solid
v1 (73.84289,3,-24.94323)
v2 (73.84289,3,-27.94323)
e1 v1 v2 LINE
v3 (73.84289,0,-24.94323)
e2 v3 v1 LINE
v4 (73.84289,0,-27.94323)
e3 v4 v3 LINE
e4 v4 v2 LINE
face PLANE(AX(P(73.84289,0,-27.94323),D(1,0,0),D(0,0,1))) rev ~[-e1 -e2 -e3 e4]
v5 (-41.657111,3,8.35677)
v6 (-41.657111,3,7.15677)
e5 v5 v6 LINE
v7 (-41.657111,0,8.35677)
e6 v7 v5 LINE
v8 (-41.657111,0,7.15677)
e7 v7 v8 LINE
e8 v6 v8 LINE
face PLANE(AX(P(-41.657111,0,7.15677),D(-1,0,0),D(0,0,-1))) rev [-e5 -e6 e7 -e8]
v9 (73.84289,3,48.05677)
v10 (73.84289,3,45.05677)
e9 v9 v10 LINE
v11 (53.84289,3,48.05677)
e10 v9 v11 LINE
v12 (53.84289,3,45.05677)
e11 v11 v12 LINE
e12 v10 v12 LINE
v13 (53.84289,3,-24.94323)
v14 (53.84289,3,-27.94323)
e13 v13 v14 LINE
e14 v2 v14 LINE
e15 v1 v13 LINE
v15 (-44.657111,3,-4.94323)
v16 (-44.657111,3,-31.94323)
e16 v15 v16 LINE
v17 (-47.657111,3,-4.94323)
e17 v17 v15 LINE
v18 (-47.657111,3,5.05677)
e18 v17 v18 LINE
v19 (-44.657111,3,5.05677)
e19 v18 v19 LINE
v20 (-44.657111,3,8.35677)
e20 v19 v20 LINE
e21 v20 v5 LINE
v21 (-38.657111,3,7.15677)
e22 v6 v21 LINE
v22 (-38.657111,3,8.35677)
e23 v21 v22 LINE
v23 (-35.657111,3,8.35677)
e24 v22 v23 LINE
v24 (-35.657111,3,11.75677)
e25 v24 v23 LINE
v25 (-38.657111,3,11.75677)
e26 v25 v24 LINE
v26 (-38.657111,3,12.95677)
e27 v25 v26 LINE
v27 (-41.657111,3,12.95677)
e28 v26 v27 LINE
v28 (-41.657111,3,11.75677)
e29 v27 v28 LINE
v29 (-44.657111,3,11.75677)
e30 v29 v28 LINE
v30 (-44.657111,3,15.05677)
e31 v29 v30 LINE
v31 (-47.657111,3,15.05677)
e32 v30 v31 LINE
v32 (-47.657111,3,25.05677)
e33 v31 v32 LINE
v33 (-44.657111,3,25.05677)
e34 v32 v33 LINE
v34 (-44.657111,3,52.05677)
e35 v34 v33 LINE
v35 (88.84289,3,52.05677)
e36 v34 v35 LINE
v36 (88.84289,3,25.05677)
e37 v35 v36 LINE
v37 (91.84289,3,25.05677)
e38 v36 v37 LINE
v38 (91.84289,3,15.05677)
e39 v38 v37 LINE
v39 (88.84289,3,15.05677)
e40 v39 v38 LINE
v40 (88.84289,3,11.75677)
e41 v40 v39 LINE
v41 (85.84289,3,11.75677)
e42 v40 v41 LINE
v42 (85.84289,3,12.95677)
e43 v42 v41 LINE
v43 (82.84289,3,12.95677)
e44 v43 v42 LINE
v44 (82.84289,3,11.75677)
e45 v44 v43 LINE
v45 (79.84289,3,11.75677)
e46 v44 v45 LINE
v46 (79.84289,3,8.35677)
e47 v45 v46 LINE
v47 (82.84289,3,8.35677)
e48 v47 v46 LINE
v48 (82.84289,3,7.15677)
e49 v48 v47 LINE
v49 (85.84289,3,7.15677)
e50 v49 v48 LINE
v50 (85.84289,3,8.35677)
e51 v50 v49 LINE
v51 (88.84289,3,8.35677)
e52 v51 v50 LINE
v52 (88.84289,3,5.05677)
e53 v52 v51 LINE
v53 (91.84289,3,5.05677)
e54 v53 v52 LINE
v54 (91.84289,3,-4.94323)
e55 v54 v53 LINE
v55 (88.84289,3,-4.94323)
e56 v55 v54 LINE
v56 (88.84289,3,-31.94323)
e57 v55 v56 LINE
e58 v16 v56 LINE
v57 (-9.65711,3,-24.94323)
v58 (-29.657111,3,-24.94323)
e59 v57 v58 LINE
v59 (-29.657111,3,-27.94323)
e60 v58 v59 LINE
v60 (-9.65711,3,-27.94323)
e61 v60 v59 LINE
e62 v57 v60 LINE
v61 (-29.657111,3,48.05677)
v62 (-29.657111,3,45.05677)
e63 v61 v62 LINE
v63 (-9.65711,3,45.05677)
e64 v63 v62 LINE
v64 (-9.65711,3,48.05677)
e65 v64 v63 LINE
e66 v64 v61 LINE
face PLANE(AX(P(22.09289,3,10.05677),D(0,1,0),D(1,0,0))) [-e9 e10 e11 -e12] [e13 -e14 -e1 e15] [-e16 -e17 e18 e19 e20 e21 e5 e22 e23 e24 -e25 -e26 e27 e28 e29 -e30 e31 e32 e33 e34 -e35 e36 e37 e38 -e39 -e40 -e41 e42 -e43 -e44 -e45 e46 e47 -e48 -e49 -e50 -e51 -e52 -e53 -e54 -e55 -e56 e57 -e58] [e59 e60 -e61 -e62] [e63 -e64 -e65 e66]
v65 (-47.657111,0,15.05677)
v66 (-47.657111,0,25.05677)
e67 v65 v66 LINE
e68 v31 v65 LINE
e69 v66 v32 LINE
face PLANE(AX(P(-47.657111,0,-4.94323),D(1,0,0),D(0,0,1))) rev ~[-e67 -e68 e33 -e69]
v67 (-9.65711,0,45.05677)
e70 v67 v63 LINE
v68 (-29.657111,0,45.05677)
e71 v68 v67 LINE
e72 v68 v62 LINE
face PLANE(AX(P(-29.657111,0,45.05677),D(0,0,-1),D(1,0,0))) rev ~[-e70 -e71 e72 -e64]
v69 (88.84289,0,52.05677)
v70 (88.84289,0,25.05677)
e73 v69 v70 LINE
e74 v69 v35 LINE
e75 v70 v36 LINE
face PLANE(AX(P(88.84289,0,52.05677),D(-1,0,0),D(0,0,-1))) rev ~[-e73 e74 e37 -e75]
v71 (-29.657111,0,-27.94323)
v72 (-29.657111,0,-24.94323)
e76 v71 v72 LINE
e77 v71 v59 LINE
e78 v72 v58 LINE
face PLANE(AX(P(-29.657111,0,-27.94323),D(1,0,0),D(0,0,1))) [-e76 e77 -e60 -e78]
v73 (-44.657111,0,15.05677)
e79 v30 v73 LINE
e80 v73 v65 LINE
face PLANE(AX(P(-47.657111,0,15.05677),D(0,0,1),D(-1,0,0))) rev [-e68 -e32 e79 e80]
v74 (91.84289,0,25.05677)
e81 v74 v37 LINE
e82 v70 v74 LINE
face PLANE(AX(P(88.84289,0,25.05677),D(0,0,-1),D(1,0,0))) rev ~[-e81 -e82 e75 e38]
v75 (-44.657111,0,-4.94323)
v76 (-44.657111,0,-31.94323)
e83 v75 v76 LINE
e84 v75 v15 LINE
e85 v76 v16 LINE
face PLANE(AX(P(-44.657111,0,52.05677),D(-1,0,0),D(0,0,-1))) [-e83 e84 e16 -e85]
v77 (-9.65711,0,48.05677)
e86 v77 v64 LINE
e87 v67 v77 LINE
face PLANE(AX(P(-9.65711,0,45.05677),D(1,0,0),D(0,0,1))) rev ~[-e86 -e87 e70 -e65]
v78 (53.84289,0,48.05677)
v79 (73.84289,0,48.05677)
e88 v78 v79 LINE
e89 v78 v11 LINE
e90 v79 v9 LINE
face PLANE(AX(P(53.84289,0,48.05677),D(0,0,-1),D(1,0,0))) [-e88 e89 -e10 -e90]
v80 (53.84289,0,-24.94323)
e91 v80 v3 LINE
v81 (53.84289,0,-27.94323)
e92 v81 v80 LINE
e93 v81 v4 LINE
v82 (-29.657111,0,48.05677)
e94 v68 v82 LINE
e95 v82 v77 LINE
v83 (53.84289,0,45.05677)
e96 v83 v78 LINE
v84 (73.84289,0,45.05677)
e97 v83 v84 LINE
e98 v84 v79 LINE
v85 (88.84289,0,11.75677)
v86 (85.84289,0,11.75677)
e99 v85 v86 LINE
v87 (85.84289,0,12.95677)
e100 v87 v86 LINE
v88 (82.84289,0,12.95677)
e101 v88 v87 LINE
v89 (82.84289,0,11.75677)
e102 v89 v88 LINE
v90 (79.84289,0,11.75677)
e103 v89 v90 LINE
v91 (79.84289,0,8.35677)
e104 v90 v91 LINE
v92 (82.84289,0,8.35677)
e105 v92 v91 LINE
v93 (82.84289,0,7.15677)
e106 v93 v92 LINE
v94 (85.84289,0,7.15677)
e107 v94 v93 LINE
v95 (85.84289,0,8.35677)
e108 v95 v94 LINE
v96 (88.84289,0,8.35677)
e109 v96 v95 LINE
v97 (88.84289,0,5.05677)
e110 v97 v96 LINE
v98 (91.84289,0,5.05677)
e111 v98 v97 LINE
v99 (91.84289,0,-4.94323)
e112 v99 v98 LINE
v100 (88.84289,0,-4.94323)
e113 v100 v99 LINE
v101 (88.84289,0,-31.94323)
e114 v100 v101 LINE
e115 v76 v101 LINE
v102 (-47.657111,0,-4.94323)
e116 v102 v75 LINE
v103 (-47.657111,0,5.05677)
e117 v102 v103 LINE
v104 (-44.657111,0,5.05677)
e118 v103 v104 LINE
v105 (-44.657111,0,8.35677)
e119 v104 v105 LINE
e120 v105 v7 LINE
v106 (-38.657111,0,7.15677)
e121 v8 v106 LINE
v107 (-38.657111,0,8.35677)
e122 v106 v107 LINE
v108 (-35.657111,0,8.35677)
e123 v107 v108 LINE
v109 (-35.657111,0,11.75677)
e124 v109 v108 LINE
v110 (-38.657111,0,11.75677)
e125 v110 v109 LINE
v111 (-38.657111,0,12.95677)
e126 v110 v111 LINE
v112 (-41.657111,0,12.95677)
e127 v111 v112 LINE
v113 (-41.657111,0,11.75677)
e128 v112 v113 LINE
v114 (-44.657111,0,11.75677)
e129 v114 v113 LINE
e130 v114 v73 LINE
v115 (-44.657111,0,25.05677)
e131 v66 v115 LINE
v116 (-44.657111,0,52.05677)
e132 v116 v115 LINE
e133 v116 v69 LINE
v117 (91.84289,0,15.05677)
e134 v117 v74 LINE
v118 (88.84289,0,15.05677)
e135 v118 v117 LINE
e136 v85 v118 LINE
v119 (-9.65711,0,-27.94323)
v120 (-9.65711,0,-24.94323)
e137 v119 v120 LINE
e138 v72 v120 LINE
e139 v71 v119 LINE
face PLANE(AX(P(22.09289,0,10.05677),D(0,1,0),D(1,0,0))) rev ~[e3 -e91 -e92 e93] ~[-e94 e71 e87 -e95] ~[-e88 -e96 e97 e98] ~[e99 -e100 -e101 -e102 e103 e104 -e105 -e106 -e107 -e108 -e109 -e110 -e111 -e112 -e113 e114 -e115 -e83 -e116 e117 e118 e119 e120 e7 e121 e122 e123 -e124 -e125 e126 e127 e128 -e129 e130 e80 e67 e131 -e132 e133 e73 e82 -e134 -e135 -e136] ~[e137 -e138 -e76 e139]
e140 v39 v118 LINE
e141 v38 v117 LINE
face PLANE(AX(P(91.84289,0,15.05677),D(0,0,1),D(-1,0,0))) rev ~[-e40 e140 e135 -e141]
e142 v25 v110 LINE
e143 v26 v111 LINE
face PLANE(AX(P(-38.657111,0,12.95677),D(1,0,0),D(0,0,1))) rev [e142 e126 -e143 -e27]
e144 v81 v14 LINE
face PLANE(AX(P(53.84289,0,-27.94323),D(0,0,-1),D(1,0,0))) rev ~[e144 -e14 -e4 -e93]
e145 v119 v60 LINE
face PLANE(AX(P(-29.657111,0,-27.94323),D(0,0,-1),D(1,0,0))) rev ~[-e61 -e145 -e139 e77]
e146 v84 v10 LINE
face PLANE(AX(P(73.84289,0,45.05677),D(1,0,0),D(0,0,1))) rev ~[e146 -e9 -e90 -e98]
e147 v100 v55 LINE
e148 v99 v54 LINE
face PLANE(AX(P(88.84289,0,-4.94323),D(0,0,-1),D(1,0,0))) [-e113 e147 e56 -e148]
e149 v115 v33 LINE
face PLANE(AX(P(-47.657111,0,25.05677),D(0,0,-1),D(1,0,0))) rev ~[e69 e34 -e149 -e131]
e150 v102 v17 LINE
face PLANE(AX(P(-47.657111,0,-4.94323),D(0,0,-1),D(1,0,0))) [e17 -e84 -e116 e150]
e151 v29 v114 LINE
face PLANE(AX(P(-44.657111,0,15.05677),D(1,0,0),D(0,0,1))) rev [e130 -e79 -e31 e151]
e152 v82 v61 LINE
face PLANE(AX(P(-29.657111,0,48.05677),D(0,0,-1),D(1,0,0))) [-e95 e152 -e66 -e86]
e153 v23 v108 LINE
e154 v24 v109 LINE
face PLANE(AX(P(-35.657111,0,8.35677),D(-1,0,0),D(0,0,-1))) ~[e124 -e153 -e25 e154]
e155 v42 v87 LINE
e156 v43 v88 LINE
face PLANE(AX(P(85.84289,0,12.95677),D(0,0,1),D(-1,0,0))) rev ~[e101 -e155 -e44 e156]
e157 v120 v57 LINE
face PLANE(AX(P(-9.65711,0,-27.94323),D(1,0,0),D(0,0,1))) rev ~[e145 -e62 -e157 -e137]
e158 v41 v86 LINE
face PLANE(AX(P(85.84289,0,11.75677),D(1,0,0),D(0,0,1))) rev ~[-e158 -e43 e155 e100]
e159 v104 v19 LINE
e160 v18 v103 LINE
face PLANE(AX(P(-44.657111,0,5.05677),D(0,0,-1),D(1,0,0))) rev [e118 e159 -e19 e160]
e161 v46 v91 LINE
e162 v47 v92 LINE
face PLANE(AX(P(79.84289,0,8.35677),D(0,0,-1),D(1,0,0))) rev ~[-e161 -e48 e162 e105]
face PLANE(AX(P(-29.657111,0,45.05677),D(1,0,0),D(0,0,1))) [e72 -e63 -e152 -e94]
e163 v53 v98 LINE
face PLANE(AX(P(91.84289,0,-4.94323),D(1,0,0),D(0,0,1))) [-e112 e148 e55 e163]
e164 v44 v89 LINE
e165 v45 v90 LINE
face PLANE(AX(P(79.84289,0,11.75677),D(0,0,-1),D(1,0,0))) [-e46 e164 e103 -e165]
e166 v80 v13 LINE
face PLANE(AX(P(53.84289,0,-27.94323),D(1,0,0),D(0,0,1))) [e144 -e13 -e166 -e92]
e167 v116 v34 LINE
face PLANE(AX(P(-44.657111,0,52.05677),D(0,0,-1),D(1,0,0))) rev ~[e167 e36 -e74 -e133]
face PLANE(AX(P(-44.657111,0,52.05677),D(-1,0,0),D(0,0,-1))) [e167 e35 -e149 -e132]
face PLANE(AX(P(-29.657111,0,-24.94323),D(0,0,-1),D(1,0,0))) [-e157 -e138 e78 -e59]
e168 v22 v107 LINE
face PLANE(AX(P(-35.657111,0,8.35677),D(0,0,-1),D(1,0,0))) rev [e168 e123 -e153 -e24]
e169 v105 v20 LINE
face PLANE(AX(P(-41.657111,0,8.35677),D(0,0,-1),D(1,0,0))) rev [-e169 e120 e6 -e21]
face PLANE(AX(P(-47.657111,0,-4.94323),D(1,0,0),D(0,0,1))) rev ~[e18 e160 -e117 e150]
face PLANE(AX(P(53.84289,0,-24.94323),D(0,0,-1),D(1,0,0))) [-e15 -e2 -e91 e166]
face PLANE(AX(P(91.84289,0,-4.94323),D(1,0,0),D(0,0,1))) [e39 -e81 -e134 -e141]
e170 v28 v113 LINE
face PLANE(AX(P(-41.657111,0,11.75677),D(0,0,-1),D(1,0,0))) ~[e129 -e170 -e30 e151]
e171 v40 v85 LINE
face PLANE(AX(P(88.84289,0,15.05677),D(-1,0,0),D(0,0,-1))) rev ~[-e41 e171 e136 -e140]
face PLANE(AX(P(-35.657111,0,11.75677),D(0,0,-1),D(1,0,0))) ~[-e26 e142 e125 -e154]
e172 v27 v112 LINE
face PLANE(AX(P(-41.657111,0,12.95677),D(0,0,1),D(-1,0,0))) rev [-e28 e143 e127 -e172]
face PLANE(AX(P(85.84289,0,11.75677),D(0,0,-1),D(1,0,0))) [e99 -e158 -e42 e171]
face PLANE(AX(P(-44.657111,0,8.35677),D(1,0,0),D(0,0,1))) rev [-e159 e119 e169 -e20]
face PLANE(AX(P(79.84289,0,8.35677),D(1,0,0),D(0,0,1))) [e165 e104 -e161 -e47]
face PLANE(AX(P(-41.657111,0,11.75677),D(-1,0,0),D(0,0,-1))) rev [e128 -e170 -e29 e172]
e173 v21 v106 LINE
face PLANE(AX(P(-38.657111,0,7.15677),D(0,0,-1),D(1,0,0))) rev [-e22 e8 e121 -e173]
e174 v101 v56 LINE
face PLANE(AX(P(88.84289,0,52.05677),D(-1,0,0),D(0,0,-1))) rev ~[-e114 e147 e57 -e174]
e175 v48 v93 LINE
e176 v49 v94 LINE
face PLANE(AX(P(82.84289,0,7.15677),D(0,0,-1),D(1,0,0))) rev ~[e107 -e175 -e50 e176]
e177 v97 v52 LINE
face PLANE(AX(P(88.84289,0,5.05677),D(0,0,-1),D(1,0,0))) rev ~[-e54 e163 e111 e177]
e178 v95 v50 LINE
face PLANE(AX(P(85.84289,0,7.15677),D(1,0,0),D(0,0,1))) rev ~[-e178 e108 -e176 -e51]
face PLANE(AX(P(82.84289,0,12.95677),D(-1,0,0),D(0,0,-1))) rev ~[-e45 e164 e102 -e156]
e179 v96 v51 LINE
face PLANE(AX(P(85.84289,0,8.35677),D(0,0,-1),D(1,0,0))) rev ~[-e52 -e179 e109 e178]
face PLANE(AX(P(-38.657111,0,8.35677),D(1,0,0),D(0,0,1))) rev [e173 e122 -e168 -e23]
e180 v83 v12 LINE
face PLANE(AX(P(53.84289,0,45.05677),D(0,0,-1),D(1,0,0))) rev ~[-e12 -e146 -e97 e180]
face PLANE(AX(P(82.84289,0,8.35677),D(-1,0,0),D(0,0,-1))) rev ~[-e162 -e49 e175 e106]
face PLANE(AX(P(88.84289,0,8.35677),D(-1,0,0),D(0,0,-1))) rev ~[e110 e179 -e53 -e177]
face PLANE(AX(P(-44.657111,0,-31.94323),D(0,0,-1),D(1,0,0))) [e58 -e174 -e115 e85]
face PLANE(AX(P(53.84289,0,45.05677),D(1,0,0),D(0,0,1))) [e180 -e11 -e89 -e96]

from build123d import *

# Parameters (mm, degrees)
SKETCH1_W           = 133.500000388
SKETCH1_H           = 84
BOSS_EXTRUDE1_DEPTH = 3
SKETCH2_W           = 20
SKETCH2_H           = 3
CUT_EXTRUDE1_DEPTH  = 104.014399147
SKETCH3_W           = 3
SKETCH3_H           = 30
BOSS_EXTRUDE2_DEPTH = 3
SKETCH4_W           = 3
SKETCH4_H           = 3.4
CUT_EXTRUDE2_DEPTH  = 106.612611798


with BuildPart() as part:
    # Sketch1 → Boss-Extrude1 (new body)
    with BuildSketch(Plane(origin=(0, 0, 0), x_dir=(1, 0, 0), z_dir=(0, 1, 0))):
        with Locations((22.092889694, -10.056770433)):
            Rectangle(SKETCH1_W, SKETCH1_H)
    extrude(amount=BOSS_EXTRUDE1_DEPTH)

    # Sketch2 → Cut-Extrude1 (cut, through all)
    with BuildSketch(Plane.XZ):
        with Locations((63.842889888, 46.556770433)):
            Rectangle(SKETCH2_W, SKETCH2_H)
        with Locations((-19.6571105, 46.556770433)):
            Rectangle(SKETCH2_W, SKETCH2_H)
        with Locations((-19.6571105, -26.443229567)):
            Rectangle(SKETCH2_W, SKETCH2_H)
        with Locations((63.842889888, -26.443229567)):
            Rectangle(SKETCH2_W, SKETCH2_H)
    extrude(amount=-CUT_EXTRUDE1_DEPTH, mode=Mode.SUBTRACT)

    # Sketch3 → Boss-Extrude2 (add, through all)
    with BuildSketch(Plane.XZ):
        with Locations((90.342889888, 10.056770433)):
            Rectangle(SKETCH3_W, SKETCH3_H)
        with Locations((-46.1571105, 10.056770433)):
            Rectangle(SKETCH3_W, SKETCH3_H)
    extrude(amount=-BOSS_EXTRUDE2_DEPTH)

    # Sketch4 → Cut-Extrude2 (cut, symmetric)
    with BuildSketch(Plane.XZ):
        Polygon((88.842889888, 8.356770433), (88.842889888, 5.056770433), (91.842889888, 5.056770433), (91.842889888, 15.056770433), (88.842889888, 15.056770433), (88.842889888, 11.756770433), align=None)
        with Locations((87.342889888, 10.056770433)):
            Rectangle(SKETCH4_W, SKETCH4_H)
        Polygon((85.842889888, 7.156770433), (85.842889888, 8.356770433), (85.842889888, 11.756770433), (85.842889888, 12.956770433), (82.842889888, 12.956770433), (82.842889888, 11.756770433), (82.842889888, 8.356770433), (82.842889888, 7.156770433), align=None)
        with Locations((81.342889888, 10.056770433)):
            Rectangle(SKETCH4_W, SKETCH4_H)
    cut_extrude2 = extrude(amount=CUT_EXTRUDE2_DEPTH, both=True, mode=Mode.SUBTRACT)

    # Mirror1: Cut-Extrude2 across plane
    add(cut_extrude2.mirror(Plane(origin=(22.092889694, 0, 0), x_dir=(0, 0, 1), z_dir=(1, 0, 0))), mode=Mode.SUBTRACT)


solid = part.part
